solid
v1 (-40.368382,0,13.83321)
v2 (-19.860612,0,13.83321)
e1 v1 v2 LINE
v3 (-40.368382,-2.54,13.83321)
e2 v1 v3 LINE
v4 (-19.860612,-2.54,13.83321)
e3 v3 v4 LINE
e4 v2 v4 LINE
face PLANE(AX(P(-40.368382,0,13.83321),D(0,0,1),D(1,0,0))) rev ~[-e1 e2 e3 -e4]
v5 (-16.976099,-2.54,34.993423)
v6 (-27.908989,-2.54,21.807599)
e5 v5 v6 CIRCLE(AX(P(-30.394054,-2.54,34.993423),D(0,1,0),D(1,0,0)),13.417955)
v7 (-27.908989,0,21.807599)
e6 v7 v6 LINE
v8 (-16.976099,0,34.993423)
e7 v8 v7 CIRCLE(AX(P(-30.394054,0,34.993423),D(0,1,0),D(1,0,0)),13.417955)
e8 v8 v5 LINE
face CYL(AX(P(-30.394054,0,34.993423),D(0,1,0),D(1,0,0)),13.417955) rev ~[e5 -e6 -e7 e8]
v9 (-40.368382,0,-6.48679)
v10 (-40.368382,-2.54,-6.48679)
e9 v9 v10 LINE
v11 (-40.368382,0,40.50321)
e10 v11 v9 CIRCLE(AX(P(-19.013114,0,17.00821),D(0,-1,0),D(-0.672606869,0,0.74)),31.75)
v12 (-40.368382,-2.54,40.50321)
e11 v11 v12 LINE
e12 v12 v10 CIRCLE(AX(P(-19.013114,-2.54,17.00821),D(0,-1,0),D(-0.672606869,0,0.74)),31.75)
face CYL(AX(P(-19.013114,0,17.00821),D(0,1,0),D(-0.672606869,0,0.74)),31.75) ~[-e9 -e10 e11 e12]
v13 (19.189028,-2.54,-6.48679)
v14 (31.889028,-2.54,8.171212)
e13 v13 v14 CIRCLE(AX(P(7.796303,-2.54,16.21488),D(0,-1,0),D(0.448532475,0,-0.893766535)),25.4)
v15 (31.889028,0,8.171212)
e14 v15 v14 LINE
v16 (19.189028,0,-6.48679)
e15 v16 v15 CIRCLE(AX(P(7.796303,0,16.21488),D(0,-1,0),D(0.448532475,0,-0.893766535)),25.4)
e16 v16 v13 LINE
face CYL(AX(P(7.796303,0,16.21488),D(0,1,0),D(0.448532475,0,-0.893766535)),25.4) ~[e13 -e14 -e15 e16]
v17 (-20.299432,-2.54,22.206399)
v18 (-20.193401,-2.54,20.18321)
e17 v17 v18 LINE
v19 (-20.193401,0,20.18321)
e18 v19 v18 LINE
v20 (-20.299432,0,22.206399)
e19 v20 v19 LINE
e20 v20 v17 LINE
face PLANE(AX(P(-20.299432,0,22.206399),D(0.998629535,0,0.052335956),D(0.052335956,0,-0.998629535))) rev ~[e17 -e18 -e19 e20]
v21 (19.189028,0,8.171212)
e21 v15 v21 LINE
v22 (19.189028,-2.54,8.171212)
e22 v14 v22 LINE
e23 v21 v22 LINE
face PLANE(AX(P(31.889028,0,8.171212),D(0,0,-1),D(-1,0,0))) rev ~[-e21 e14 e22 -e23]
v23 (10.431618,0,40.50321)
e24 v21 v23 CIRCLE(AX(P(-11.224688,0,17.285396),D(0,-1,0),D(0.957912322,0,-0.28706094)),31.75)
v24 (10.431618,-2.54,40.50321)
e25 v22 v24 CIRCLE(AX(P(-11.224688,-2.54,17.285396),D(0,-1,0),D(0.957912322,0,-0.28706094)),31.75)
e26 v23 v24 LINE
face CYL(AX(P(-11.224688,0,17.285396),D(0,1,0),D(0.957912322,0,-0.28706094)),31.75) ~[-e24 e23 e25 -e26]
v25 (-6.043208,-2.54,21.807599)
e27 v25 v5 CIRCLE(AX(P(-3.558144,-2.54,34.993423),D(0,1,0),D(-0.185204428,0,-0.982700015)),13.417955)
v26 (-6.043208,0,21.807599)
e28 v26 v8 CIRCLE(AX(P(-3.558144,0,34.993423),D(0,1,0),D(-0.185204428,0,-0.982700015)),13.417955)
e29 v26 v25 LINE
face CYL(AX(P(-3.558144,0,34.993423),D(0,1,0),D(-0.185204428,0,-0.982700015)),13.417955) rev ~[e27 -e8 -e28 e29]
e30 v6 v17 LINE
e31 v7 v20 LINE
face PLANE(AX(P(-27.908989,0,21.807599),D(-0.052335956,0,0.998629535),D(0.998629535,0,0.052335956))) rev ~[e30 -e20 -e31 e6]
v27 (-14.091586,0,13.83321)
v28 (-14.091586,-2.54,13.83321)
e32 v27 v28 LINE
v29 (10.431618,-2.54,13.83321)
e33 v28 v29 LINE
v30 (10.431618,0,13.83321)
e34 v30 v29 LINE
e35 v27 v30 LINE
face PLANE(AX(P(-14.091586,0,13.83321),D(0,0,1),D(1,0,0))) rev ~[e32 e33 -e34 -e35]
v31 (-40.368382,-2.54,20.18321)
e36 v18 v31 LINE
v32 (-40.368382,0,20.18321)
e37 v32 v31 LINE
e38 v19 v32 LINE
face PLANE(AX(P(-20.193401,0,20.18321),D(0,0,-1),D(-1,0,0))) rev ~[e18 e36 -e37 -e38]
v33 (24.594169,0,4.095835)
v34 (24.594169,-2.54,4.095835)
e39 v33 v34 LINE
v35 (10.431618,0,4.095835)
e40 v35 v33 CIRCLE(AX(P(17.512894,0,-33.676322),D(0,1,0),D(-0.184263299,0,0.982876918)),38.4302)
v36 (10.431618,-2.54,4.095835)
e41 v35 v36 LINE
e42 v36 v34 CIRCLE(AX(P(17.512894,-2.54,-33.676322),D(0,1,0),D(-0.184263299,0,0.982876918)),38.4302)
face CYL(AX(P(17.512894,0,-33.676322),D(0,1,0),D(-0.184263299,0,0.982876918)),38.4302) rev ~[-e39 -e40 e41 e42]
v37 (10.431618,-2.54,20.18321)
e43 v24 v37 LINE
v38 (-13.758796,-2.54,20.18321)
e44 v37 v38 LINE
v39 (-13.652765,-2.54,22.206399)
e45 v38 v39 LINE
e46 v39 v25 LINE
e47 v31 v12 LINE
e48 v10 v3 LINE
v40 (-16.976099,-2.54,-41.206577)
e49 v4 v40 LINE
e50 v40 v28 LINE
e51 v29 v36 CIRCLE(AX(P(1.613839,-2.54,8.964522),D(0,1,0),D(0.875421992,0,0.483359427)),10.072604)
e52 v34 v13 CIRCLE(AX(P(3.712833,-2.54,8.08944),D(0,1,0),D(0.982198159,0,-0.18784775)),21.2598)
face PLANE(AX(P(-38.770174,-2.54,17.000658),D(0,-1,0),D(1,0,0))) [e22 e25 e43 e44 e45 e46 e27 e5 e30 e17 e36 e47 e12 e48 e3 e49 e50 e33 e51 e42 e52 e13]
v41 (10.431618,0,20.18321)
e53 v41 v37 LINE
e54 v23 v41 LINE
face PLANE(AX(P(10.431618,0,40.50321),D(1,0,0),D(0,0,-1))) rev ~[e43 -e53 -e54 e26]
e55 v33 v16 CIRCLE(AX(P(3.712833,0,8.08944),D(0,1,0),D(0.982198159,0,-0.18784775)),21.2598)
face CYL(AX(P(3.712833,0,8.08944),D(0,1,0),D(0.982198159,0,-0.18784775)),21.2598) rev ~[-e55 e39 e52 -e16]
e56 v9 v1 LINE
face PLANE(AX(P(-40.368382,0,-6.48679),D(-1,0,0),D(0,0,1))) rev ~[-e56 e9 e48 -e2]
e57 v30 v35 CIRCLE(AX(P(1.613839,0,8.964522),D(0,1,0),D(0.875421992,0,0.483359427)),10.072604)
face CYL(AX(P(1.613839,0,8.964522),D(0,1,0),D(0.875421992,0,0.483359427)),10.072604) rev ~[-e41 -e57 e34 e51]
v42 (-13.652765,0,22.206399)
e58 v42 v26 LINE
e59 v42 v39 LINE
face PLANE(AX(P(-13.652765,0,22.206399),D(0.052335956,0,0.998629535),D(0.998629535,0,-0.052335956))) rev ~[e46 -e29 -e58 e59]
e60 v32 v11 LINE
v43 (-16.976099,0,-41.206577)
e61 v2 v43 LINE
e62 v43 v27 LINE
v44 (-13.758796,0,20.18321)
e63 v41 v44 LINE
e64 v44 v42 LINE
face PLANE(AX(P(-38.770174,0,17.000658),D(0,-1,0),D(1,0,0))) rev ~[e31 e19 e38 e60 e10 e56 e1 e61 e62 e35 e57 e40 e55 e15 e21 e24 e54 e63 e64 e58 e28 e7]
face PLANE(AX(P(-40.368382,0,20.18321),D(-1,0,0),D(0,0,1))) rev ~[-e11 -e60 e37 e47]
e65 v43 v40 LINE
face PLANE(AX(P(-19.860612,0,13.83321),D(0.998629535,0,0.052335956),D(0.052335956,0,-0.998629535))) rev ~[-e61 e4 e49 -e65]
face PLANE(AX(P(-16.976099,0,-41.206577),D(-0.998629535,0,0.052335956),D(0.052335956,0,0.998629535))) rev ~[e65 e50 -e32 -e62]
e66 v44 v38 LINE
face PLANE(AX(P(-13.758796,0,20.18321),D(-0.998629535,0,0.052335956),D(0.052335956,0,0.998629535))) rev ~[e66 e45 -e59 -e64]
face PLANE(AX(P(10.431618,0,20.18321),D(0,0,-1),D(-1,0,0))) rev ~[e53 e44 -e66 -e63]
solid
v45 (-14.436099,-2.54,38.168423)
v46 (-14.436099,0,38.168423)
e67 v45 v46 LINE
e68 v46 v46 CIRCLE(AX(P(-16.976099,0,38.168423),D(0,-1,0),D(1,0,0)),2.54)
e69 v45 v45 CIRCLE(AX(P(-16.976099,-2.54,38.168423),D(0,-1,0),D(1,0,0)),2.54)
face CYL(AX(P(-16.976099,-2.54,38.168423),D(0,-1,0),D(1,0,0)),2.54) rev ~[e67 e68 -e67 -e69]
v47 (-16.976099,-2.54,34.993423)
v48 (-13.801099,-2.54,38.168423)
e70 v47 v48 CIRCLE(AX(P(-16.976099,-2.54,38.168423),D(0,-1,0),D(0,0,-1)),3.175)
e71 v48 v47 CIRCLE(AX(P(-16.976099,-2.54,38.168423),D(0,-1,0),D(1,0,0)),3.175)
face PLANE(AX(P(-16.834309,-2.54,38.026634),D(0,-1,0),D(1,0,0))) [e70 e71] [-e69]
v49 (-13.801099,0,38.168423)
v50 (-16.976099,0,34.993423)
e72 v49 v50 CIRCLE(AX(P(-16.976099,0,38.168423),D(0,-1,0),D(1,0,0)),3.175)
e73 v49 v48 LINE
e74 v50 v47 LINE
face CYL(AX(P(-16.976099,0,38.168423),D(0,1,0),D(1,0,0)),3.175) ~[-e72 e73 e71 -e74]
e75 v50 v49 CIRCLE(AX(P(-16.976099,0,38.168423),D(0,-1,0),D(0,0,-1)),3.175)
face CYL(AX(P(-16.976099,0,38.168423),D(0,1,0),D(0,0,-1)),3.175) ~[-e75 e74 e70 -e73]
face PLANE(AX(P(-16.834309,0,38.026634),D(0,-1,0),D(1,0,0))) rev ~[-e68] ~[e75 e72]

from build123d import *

# Parameters (mm, degrees)
F1_DEPTH = 2.54
F2_R     = 2.54
F3_DEPTH = 25.4


with BuildPart() as f1:
    # F0 (on Front) → F1 (new body)
    with BuildSketch(Plane.XZ):
        with BuildLine():
            Line((-19.8606117019, 13.833210381), (-20.1934011004, 20.183210381))
            Line((-20.1934011004, 20.183210381), (-40.3683818877, 20.183210381))
            Line((-40.3683818877, 20.183210381), (-40.3683818877, 40.503210381))
            ThreePointArc((-40.3683818877, 40.503210381), (-50.7631138023, 17.008210381), (-40.3683818877, -6.486789619))
            Line((-40.3683818877, -6.486789619), (-40.3683818877, 13.833210381))
            Line((-40.3683818877, 13.833210381), (-19.8606117019, 13.833210381))
        make_face()
        Polygon((-16.9760986947, 13.833210381), (-16.9760986947, 20.183210381), (-20.1934011004, 20.183210381), (-19.8606117019, 13.833210381), align=None)
        Polygon((-13.758796289, 20.183210381), (-16.9760986947, 20.183210381), (-16.9760986947, 13.833210381), (-14.0915856875, 13.833210381), align=None)
        with BuildLine():
            ThreePointArc((-6.0432084185, 21.8075988829), (-13.8873741341, 26.4290486788), (-16.9760986947, 34.9934234125))
            Line((-16.9760986947, 34.9934234125), (-16.9760986947, 20.183210381))
            Line((-16.9760986947, 20.183210381), (-13.758796289, 20.183210381))
            Line((-13.758796289, 20.183210381), (-13.6527654733, 22.2063988695))
            Line((-13.6527654733, 22.2063988695), (-6.0432084185, 21.8075988829))
        make_face()
        with BuildLine():
            Line((-16.9760986947, 20.183210381), (-16.9760986947, 34.9934234125))
            ThreePointArc((-16.9760986947, 34.9934234125), (-20.0648232553, 26.4290486788), (-27.908988971, 21.8075988829))
            Line((-27.908988971, 21.8075988829), (-20.2994319161, 22.2063988695))
            Line((-20.2994319161, 22.2063988695), (-20.1934011004, 20.183210381))
            Line((-20.1934011004, 20.183210381), (-16.9760986947, 20.183210381))
        make_face()
        Polygon((-16.9760986947, -41.2065765875), (-16.9760986947, 13.833210381), (-19.8606117019, 13.833210381), align=None)
        Polygon((-14.0915856875, 13.833210381), (-16.9760986947, 13.833210381), (-16.9760986947, -41.2065765875), align=None)
        with BuildLine():
            Line((10.4316181123, 20.183210381), (-13.758796289, 20.183210381))
            Line((-13.758796289, 20.183210381), (-14.0915856875, 13.833210381))
            Line((-14.0915856875, 13.833210381), (10.4316181123, 13.833210381))
            ThreePointArc((10.4316181123, 13.833210381), (11.6864430061, 8.9645224678), (10.4316181123, 4.0958345546))
            ThreePointArc((10.4316181123, 4.0958345546), (17.5128935273, 4.7538780033), (24.5941689423, 4.0958345546))
            ThreePointArc((24.5941689423, 4.0958345546), (22.6460179988, -1.5808020351), (19.1890278488, -6.486789619))
            ThreePointArc((19.1890278488, -6.486789619), (26.993139569, -0.4176619891), (31.8890278488, 8.1712115041))
            Line((31.8890278488, 8.1712115041), (19.1890278488, 8.1712115041))
            ThreePointArc((19.1890278488, 8.1712115041), (19.4210511996, 25.5860677284), (10.4316181123, 40.503210381))
            Line((10.4316181123, 40.503210381), (10.4316181123, 20.183210381))
        make_face()
    extrude(amount=F1_DEPTH)


with BuildPart() as f1b:
    # F0 (on Front) → F1, piece 2 (new body)
    with BuildSketch(Plane.XZ):
        with BuildLine():
            ThreePointArc((-13.8010986947, 38.1684234125), (-19.221162725, 40.4134874428), (-16.9760986947, 34.9934234125))
            ThreePointArc((-16.9760986947, 34.9934234125), (-14.7310346644, 35.9233593823), (-13.8010986947, 38.1684234125))
        make_face()
    extrude(amount=F1_DEPTH)

    # F2 (on face) → F3 (cut)
    with BuildSketch(Plane.XZ.offset(2.54)):
        with Locations((-16.9760986947, 38.1684234125)):
            Circle(F2_R)
    extrude(amount=-F3_DEPTH, mode=Mode.SUBTRACT)


solid = Compound([f1.part, f1b.part])
